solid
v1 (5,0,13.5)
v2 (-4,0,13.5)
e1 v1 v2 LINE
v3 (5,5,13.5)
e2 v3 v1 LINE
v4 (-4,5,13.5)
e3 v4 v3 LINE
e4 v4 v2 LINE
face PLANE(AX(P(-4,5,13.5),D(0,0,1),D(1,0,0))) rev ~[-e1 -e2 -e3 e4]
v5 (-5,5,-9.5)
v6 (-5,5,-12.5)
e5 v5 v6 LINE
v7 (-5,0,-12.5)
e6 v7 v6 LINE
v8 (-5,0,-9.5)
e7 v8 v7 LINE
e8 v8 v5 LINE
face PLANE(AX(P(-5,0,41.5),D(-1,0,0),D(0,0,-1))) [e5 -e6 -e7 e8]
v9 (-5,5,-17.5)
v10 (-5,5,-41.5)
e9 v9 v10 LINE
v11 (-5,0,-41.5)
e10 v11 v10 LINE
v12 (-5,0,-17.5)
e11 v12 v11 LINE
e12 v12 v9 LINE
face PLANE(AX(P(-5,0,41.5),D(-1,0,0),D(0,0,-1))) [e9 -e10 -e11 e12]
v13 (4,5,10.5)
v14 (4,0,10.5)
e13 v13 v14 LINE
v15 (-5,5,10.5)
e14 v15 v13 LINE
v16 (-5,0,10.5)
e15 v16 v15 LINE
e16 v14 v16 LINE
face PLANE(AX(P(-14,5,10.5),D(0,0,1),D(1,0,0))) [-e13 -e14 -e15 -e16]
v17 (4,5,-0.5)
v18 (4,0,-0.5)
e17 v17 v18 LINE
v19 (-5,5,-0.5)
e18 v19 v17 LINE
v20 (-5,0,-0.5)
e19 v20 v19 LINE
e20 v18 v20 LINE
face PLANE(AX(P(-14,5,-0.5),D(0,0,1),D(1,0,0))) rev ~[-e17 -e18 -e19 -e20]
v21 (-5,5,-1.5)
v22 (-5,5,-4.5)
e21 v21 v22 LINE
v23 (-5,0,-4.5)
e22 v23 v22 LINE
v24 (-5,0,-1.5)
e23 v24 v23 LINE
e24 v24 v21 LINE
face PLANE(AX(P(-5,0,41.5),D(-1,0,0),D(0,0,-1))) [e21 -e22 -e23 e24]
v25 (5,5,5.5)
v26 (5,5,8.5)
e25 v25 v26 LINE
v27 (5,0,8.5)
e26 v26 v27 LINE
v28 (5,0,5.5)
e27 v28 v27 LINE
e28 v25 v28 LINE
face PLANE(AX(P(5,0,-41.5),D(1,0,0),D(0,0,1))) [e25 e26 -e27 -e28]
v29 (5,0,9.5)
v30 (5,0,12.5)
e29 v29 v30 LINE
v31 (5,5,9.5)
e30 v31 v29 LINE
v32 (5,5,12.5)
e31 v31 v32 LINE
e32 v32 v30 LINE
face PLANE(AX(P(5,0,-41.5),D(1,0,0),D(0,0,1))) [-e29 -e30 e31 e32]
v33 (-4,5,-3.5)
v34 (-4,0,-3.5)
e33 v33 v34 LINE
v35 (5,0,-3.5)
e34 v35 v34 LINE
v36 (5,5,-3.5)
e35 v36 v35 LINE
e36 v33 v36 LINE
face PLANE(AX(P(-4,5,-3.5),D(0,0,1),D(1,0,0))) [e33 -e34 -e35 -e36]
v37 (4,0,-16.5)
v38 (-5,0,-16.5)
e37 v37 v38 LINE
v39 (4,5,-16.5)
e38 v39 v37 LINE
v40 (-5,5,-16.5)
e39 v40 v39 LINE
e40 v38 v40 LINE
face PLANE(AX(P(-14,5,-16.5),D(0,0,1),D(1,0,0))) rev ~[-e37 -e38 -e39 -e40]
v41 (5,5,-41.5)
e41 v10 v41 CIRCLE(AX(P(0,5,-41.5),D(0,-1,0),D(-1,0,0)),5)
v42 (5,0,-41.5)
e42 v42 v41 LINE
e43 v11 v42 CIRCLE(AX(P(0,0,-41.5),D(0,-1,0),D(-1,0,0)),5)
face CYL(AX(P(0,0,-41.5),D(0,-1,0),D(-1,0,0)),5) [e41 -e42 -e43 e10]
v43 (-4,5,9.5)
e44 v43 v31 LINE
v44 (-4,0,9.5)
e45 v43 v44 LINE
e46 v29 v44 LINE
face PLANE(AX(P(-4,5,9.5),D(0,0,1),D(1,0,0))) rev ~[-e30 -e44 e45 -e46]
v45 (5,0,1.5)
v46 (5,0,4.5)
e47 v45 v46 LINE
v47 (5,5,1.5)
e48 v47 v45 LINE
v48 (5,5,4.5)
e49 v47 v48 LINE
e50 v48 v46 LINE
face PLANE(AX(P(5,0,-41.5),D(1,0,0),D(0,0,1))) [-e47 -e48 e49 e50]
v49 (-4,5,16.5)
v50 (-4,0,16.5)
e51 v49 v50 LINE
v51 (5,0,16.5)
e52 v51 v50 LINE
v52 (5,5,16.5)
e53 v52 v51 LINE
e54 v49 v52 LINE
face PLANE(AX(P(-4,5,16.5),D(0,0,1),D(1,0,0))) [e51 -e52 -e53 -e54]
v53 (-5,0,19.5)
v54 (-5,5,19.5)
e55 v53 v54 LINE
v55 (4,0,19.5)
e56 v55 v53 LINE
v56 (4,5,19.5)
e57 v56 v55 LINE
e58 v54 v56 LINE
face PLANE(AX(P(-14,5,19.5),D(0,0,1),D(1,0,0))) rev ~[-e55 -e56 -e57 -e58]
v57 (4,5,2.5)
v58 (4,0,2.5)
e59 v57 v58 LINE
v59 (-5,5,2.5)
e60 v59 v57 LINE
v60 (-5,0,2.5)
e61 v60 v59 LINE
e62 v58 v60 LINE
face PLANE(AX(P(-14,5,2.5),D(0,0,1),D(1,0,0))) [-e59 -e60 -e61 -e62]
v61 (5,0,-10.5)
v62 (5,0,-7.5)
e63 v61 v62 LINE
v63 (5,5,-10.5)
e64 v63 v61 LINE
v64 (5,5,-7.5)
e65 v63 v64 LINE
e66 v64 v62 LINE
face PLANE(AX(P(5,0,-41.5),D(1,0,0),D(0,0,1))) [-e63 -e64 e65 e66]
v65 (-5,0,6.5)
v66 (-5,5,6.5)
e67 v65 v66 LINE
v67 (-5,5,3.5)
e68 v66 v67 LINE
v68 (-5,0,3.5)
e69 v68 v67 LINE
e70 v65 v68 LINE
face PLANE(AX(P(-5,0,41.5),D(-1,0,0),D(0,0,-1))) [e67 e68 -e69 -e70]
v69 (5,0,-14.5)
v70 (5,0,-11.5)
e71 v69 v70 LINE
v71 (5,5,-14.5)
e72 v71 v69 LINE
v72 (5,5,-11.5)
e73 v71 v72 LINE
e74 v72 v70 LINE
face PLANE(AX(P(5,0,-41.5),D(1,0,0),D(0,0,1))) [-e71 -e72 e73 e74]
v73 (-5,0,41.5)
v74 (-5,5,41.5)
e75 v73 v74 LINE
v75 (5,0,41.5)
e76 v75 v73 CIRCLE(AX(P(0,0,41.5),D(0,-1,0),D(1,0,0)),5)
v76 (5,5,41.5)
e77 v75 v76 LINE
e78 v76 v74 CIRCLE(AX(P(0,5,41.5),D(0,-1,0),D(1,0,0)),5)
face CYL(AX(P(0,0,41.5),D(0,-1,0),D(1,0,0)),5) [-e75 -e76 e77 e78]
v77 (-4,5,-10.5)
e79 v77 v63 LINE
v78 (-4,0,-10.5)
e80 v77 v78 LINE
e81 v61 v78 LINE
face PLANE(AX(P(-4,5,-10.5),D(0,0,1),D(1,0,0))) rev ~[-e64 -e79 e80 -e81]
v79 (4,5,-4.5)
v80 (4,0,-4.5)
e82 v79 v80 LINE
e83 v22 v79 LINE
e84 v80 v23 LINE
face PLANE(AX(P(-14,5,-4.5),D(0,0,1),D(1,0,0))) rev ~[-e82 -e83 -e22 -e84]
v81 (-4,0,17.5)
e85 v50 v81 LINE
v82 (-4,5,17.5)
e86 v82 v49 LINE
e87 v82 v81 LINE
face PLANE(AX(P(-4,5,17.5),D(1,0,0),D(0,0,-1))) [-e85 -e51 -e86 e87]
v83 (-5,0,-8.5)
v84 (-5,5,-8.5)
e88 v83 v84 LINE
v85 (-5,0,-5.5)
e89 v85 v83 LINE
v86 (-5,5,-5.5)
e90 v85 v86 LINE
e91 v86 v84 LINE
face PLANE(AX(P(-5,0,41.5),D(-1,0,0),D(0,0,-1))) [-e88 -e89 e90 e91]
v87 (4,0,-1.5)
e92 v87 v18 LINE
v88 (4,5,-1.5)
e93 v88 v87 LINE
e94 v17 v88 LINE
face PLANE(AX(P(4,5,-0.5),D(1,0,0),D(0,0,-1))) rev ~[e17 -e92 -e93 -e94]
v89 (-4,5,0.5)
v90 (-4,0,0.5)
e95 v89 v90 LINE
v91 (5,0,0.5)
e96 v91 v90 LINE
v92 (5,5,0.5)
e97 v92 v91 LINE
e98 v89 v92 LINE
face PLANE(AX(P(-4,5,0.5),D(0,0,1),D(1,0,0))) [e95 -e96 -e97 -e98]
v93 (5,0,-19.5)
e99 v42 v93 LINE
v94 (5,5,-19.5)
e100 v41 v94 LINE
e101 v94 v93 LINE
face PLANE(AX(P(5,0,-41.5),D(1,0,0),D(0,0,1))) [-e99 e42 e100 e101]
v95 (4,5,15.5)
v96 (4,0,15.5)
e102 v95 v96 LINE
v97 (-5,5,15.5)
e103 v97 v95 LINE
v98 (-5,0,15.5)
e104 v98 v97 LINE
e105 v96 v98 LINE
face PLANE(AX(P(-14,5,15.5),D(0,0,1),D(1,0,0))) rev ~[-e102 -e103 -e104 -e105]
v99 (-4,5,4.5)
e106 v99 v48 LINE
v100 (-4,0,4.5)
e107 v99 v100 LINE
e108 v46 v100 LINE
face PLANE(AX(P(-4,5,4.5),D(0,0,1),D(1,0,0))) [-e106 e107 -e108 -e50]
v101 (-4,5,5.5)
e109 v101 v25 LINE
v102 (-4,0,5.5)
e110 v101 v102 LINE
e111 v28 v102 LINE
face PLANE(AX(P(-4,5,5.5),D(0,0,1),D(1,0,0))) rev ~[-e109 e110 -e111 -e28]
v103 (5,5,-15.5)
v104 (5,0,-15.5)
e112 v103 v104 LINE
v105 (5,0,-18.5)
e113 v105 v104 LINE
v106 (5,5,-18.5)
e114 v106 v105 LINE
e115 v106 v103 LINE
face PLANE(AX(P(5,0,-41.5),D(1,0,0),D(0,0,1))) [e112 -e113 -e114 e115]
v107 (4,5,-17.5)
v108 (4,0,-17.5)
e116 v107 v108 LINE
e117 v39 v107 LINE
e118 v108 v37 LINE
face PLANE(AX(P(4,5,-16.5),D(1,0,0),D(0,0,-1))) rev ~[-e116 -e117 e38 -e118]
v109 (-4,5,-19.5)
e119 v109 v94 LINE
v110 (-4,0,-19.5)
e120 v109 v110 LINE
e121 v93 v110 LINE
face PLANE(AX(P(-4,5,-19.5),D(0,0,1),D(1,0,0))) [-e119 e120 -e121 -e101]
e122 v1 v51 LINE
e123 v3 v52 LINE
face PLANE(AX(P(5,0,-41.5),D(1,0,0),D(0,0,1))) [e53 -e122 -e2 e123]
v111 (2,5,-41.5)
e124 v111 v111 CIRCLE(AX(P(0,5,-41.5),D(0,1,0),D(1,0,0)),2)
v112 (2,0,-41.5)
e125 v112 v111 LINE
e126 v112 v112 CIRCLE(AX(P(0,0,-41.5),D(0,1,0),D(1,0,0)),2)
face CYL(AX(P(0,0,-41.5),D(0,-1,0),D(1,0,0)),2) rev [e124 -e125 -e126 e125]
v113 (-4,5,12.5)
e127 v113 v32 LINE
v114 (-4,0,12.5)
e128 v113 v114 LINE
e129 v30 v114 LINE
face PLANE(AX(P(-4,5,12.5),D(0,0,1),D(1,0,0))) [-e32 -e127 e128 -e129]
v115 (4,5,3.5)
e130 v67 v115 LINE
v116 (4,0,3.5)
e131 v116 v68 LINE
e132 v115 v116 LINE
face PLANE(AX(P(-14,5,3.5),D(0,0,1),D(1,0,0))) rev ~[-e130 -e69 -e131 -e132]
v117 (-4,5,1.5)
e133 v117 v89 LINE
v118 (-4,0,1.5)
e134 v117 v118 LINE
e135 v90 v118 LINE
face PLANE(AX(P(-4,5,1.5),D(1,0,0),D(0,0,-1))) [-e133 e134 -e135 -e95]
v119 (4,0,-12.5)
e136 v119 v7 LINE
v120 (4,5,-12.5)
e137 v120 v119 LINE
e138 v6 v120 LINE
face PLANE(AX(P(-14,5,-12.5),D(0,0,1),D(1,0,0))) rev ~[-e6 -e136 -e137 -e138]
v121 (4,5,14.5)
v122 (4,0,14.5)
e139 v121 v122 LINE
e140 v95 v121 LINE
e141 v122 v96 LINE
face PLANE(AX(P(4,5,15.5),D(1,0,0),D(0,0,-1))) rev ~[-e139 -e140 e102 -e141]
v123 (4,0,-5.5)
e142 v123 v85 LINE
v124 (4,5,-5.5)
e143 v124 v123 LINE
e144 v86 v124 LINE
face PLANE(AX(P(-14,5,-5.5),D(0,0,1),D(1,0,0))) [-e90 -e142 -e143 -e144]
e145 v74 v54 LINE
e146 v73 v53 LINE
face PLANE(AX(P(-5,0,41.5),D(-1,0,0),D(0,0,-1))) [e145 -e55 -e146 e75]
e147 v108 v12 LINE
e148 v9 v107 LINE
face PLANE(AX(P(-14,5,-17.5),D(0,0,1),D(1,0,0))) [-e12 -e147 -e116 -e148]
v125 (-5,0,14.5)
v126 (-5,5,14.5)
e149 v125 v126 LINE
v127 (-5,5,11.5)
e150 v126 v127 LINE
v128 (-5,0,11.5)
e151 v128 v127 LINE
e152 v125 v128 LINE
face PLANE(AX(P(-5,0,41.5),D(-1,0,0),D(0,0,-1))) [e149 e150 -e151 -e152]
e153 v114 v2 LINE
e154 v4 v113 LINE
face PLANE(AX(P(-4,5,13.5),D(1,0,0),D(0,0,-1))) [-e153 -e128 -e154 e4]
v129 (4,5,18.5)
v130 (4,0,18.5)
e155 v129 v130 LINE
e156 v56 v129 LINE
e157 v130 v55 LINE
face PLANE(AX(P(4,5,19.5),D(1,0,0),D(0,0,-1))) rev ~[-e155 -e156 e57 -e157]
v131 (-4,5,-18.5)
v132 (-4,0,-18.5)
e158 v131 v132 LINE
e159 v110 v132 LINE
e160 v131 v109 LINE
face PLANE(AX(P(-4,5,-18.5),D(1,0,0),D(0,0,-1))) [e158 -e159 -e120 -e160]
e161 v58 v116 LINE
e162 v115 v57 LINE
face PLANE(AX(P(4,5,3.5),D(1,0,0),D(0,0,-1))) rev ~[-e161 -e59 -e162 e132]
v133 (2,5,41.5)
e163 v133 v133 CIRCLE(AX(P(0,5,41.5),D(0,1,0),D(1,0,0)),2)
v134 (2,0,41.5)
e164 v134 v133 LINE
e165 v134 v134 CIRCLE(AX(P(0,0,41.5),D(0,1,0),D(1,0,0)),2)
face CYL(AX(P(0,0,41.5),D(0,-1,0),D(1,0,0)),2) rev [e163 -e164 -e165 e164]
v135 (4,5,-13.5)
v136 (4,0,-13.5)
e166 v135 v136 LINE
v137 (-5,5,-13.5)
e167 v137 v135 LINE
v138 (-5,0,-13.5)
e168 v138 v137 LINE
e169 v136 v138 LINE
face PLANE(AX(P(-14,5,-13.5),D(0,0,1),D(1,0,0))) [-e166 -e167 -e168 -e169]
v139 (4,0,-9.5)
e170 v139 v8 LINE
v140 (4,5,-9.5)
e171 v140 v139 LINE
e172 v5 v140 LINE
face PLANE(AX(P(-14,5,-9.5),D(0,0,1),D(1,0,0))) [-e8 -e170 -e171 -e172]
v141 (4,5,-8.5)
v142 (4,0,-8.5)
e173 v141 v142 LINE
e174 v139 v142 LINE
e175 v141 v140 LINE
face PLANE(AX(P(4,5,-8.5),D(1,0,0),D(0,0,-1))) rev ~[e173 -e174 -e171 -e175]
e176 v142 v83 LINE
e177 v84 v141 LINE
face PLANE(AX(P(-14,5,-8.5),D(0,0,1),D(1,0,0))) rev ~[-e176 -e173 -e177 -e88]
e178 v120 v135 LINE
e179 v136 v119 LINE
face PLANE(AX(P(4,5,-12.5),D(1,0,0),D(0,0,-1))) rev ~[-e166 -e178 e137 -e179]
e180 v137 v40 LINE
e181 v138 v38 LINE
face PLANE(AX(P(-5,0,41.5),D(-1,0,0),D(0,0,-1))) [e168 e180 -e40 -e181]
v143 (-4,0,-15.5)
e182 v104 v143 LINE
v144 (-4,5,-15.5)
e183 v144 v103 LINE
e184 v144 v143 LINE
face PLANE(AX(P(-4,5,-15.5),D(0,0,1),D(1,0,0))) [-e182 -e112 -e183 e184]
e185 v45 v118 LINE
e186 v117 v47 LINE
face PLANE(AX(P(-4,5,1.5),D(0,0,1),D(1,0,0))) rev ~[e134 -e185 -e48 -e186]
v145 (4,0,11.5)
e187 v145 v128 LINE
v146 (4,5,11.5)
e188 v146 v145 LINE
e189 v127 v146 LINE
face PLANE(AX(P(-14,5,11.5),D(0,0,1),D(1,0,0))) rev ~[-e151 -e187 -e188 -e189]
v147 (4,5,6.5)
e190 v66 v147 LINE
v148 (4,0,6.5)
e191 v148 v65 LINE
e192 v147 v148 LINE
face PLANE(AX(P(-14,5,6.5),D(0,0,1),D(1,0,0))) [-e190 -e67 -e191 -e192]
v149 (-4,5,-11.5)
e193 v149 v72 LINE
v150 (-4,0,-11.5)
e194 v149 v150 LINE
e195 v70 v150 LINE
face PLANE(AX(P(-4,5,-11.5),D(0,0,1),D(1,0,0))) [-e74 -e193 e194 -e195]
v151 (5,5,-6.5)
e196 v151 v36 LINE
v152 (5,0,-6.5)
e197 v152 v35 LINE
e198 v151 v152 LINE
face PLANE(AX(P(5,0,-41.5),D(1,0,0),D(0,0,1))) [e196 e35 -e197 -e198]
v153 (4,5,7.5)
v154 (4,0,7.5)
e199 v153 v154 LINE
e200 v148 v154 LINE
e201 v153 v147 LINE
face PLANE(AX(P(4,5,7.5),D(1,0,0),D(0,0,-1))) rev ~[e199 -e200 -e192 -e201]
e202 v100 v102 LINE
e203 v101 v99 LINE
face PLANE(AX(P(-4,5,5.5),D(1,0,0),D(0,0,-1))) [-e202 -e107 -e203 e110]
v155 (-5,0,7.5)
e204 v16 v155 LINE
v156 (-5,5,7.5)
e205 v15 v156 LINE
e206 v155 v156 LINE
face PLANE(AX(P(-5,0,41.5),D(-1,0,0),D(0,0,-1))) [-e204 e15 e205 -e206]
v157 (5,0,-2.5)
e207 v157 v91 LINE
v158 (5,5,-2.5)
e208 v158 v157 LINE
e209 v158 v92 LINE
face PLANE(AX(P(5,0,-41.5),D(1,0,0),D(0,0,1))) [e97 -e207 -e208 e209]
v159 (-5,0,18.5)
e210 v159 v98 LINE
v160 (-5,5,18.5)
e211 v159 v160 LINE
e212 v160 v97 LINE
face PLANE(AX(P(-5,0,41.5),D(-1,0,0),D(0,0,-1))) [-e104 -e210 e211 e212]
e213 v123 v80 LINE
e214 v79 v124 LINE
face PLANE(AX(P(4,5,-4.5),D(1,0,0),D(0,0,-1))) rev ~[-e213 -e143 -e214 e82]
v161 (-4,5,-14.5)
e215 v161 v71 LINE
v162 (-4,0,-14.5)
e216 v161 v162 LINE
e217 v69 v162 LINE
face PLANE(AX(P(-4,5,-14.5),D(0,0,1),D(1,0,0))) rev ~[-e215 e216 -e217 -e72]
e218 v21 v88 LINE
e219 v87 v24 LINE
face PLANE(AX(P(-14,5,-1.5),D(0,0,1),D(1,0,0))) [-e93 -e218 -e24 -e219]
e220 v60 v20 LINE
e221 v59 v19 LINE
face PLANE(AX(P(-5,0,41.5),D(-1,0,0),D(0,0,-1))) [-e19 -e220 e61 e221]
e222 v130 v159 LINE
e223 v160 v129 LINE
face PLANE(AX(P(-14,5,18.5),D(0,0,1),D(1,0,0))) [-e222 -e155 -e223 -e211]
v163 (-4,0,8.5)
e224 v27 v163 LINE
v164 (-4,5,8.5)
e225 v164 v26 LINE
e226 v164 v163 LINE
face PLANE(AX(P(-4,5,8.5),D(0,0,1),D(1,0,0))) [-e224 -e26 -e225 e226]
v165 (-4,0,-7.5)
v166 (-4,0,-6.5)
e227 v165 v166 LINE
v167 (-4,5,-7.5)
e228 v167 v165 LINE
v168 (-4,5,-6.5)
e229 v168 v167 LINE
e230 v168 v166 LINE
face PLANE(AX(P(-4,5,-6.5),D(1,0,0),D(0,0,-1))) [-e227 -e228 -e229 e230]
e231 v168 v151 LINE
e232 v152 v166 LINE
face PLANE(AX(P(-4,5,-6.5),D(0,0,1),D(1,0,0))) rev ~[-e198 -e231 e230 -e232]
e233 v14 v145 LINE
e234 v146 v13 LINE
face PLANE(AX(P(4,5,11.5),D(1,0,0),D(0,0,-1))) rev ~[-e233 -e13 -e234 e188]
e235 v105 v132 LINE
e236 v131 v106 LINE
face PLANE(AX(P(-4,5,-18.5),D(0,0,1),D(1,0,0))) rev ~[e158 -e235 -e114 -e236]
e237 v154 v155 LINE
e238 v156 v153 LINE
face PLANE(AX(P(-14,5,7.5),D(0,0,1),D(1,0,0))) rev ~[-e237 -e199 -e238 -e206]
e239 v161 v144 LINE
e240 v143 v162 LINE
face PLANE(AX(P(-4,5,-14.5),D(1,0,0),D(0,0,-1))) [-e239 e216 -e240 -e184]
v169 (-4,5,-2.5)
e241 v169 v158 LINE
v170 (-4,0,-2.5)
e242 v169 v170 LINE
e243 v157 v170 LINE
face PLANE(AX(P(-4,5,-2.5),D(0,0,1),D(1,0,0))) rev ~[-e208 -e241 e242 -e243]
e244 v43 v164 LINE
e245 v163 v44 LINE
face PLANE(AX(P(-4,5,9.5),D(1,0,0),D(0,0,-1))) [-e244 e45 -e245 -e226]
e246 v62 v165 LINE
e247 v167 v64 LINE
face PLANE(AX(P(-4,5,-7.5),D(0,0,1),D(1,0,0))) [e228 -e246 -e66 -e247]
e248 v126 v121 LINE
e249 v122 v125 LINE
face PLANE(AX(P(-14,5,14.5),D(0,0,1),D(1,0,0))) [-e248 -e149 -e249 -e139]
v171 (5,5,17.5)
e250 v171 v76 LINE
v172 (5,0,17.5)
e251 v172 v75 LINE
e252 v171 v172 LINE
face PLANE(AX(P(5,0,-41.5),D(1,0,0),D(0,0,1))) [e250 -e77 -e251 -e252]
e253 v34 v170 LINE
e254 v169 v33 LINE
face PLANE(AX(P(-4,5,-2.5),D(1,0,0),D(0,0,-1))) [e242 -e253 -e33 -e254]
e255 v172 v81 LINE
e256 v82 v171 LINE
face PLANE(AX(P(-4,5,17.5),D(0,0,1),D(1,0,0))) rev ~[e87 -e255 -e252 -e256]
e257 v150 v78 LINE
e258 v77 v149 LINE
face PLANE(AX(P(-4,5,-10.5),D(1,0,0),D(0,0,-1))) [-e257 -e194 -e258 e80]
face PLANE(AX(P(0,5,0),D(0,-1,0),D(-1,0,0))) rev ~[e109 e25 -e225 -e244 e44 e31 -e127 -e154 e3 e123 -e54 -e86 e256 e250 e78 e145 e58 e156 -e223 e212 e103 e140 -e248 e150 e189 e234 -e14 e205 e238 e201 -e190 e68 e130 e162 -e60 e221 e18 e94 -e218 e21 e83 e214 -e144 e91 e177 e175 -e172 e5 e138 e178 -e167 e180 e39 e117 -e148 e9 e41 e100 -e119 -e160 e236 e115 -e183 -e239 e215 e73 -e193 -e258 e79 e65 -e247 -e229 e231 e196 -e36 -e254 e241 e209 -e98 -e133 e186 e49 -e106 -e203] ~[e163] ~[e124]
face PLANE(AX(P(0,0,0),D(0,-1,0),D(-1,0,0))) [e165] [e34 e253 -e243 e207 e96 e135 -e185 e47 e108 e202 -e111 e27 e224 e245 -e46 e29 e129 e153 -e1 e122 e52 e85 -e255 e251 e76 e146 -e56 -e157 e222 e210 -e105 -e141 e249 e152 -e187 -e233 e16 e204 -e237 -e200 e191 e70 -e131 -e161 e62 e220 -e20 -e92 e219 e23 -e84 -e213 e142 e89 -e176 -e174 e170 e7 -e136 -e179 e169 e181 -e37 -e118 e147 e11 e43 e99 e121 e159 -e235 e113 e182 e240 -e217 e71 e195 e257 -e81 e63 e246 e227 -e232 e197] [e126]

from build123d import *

# Parameters (mm, degrees)
SKETCH1_R           = 2
BOSS_EXTRUDE1_DEPTH = 5
SKETCH2_W           = 18
SKETCH2_H           = 1
CUT_EXTRUDE1_DEPTH  = 6
LPATTERN1_COUNT     = 5
LPATTERN1_PITCH     = 4
LPATTERN1_COL_COUNT = 6
LPATTERN1_COL_PITCH = 4


with BuildPart() as part:
    # Sketch1 → Boss-Extrude1 (new body)
    with BuildSketch(Plane(origin=(0, 0, 0), x_dir=(1, 0, 0), z_dir=(0, 1, 0))):
        with BuildLine():
            Line((5, 41.5), (5, -41.5))
            ThreePointArc((5, -41.5), (0, -46.5), (-5, -41.5))
            Line((-5, -41.5), (-5, 41.5))
            ThreePointArc((-5, 41.5), (0, 46.5), (5, 41.5))
        make_face()
        with Locations((0, 41.5)):
            Circle(SKETCH1_R, mode=Mode.SUBTRACT)
        with Locations((0, -41.5)):
            Circle(SKETCH1_R, mode=Mode.SUBTRACT)
    extrude(amount=BOSS_EXTRUDE1_DEPTH)

    # Sketch2 → Cut-Extrude1 (cut, through all)
    with BuildSketch(Plane(origin=(0, 5, 0), x_dir=(1, 0, 0), z_dir=(0, 1, 0))):
        with Locations((5, 3)):
            Rectangle(SKETCH2_W, SKETCH2_H)
        with Locations((-5, 1)):
            Rectangle(SKETCH2_W, SKETCH2_H)
    cut_extrude1 = extrude(amount=-CUT_EXTRUDE1_DEPTH, mode=Mode.SUBTRACT)

    # LPattern1: Cut-Extrude1 ×5
    with Locations(*[(0, 0, -i * LPATTERN1_PITCH) for i in range(1, LPATTERN1_COUNT)]):
        add(cut_extrude1, mode=Mode.SUBTRACT)

    # LPattern1 col: Cut-Extrude1 ×6
    with Locations(*[(0, 0, i * LPATTERN1_COL_PITCH) for i in range(1, LPATTERN1_COL_COUNT)]):
        add(cut_extrude1, mode=Mode.SUBTRACT)


solid = part.part
